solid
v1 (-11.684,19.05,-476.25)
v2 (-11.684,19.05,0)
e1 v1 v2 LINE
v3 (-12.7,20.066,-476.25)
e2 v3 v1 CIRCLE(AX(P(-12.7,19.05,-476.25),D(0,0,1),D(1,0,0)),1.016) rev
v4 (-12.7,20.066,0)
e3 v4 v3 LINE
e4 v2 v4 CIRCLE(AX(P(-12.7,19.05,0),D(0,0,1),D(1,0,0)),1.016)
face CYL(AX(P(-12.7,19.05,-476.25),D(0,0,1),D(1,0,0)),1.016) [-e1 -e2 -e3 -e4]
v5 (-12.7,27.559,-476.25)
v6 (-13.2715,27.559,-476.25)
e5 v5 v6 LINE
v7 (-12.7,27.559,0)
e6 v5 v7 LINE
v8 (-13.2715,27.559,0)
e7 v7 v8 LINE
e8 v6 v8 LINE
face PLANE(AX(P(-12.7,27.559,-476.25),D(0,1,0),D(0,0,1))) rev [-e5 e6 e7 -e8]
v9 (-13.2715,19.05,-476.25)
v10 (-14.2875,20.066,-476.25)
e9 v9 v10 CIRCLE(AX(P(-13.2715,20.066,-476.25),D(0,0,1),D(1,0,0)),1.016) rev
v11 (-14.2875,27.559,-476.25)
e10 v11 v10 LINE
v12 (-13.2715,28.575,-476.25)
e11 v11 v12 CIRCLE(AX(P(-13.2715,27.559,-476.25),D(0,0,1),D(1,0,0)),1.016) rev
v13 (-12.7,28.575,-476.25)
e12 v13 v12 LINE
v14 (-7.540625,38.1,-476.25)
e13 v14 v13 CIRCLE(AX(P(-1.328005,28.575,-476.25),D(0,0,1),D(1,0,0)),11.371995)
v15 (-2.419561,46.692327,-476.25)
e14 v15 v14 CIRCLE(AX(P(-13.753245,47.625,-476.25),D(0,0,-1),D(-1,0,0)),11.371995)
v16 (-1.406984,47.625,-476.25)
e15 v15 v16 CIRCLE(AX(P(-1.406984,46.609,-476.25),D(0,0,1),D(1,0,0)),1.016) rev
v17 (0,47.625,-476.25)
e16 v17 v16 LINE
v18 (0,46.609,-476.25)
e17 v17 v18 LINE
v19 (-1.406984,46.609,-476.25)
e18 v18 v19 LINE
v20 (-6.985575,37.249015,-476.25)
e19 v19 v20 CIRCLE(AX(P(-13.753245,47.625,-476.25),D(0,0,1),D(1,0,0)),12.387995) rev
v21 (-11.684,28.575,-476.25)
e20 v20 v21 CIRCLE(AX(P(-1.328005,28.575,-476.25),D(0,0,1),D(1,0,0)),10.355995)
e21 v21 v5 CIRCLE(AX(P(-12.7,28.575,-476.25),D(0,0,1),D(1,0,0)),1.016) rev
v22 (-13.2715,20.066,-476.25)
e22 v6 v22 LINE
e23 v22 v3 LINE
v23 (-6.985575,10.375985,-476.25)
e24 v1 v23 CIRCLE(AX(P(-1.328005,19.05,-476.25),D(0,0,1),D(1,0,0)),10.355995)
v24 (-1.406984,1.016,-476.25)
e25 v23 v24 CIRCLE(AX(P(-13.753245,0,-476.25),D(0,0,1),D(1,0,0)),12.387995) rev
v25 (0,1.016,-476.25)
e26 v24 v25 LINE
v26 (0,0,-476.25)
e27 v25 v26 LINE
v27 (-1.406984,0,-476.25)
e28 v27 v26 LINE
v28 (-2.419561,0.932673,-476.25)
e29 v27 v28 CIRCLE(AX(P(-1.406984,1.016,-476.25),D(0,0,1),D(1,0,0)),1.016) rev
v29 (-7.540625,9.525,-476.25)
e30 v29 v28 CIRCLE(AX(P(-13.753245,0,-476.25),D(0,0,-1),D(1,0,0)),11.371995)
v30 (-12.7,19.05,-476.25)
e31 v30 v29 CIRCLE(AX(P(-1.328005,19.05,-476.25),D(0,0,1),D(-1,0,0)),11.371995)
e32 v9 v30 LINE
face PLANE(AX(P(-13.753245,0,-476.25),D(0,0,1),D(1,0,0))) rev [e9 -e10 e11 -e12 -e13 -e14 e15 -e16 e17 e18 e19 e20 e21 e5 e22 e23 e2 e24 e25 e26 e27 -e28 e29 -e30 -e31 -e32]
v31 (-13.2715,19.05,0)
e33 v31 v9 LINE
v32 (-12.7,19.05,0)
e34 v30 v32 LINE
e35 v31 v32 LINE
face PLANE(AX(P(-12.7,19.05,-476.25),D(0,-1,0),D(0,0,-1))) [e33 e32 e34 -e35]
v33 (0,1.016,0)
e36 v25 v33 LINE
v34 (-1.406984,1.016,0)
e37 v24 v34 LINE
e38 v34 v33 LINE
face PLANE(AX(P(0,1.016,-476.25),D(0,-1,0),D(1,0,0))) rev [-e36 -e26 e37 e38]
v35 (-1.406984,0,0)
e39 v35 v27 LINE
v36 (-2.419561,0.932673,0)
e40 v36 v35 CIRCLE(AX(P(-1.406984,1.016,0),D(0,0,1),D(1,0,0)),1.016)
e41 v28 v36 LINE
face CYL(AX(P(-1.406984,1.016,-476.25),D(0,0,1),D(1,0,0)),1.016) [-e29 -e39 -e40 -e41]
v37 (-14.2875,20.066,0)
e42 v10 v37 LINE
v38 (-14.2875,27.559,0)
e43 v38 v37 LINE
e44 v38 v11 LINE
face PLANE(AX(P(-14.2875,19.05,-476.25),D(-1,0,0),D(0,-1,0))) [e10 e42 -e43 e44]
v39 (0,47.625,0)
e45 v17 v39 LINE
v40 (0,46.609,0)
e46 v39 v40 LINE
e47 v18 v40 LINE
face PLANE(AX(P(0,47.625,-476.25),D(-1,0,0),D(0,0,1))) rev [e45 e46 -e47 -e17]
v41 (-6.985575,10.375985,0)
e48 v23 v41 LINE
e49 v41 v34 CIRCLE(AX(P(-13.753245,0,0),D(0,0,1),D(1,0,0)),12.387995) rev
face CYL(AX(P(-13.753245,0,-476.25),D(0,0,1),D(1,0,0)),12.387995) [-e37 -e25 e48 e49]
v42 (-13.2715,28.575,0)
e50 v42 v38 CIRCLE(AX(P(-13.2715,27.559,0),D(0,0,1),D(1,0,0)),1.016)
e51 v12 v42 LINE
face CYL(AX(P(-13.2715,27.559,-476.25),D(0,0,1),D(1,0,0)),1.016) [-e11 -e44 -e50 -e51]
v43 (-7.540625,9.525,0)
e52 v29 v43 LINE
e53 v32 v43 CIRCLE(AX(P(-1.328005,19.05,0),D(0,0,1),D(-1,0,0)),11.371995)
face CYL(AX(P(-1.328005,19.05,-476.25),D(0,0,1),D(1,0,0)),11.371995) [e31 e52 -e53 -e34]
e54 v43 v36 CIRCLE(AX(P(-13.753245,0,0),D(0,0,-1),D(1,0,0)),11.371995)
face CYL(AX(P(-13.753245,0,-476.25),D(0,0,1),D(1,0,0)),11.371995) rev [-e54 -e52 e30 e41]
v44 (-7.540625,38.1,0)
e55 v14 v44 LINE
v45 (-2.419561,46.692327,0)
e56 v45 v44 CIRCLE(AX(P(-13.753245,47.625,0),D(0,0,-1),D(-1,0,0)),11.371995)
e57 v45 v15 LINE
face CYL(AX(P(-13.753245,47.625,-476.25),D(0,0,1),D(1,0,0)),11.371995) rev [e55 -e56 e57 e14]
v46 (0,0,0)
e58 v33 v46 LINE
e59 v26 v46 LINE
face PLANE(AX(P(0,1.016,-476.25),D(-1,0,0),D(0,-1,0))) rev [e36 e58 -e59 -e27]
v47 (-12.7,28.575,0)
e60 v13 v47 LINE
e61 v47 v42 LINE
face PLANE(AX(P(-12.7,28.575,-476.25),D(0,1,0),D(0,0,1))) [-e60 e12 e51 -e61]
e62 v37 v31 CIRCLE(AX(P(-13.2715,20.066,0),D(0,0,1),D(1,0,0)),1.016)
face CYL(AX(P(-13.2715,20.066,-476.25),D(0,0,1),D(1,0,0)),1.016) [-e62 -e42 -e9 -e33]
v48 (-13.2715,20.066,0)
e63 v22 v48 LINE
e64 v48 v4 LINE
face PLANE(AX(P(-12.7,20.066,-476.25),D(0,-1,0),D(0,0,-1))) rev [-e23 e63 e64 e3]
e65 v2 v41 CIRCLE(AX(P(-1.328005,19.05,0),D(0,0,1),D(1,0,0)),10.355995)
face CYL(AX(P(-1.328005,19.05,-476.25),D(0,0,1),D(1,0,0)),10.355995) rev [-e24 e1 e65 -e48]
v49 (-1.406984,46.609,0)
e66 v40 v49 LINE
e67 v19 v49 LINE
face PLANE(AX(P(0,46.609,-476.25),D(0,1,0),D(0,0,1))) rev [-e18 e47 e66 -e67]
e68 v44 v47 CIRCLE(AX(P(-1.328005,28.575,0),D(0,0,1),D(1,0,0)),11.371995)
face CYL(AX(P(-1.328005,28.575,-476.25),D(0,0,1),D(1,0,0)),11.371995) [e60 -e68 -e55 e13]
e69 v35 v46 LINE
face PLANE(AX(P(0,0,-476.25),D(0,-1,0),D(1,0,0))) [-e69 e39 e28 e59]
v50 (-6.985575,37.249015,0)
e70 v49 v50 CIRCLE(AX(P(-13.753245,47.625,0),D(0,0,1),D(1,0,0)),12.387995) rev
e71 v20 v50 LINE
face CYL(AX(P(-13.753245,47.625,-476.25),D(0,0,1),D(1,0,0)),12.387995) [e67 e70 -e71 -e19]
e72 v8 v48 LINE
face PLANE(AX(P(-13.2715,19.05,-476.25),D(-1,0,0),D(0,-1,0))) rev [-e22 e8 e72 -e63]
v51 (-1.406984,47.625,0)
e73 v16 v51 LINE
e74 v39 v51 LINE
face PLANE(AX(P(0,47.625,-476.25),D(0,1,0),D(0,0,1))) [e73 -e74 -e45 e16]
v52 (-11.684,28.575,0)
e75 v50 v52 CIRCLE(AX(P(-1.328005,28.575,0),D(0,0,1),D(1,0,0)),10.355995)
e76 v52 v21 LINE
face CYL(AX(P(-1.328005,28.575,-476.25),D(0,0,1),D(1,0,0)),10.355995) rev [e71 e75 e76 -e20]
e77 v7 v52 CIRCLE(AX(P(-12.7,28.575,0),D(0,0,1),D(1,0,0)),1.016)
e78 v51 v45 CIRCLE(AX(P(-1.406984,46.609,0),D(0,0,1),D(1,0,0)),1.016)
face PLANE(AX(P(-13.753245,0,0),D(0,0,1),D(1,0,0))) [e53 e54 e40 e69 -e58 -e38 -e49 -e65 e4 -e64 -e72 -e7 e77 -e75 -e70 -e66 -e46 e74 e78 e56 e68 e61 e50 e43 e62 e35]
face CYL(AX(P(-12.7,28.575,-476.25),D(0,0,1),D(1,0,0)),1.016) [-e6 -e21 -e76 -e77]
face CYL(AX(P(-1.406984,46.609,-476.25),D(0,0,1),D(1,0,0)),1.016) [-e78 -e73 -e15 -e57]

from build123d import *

# Parameters (mm, degrees)
EXTRUDE_THIN1_DEPTH = 476.25
FILLET1_R           = 1.016


with BuildPart() as part:
    # Sketch1 → Extrude-Thin1 (new body)
    with BuildSketch(Plane.XY):
        with BuildLine():
            Line((0, 0), (-2.38125, 0))
            ThreePointArc((-2.38125, 0), (-3.753941176, 5.416289675), (-7.540625, 9.525))
            ThreePointArc((-7.540625, 9.525), (-11.327308824, 13.633710325), (-12.7, 19.05))
            Line((-12.7, 19.05), (-14.2875, 19.05))
            Line((-14.2875, 19.05), (-14.2875, 28.575))
            Line((-14.2875, 28.575), (-12.7, 28.575))
            ThreePointArc((-12.7, 28.575), (-11.327308824, 33.991289675), (-7.540625, 38.1))
            ThreePointArc((-7.540625, 38.1), (-3.753941176, 42.208710325), (-2.38125, 47.625))
            Line((-2.38125, 47.625), (0, 47.625))
            Line((0, 47.625), (0, 46.609))
            Line((0, 46.609), (-1.40698386, 46.609))
            ThreePointArc((-1.40698386, 46.609), (-3.111914342, 41.282721024), (-6.985575336, 37.249014765))
            ThreePointArc((-6.985575336, 37.249014765), (-10.665203574, 33.054213727), (-11.634040924, 27.559))
            Line((-11.634040924, 27.559), (-13.2715, 27.559))
            Line((-13.2715, 27.559), (-13.2715, 20.066))
            Line((-13.2715, 20.066), (-11.634040924, 20.066))
            ThreePointArc((-11.634040924, 20.066), (-10.665203574, 14.570786273), (-6.985575336, 10.375985235))
            ThreePointArc((-6.985575336, 10.375985235), (-3.111914342, 6.342278976), (-1.40698386, 1.016))
            Line((-1.40698386, 1.016), (0, 1.016))
            Line((0, 1.016), (0, 0))
        make_face()
    extrude(amount=-EXTRUDE_THIN1_DEPTH)

    # Fillet1
    fillet1_edges = [part.edges().sort_by_distance(p)[0] for p in [
        (-2.38125, 0, -238.125),
        (-14.2875, 19.05, -238.125),
        (-14.2875, 28.575, -238.125),
        (-2.38125, 47.625, -238.125),
        (-11.634040924, 27.559, -238.125),
        (-11.634040924, 20.066, -238.125),
    ]]
    fillet(fillet1_edges, radius=FILLET1_R)


solid = part.part
